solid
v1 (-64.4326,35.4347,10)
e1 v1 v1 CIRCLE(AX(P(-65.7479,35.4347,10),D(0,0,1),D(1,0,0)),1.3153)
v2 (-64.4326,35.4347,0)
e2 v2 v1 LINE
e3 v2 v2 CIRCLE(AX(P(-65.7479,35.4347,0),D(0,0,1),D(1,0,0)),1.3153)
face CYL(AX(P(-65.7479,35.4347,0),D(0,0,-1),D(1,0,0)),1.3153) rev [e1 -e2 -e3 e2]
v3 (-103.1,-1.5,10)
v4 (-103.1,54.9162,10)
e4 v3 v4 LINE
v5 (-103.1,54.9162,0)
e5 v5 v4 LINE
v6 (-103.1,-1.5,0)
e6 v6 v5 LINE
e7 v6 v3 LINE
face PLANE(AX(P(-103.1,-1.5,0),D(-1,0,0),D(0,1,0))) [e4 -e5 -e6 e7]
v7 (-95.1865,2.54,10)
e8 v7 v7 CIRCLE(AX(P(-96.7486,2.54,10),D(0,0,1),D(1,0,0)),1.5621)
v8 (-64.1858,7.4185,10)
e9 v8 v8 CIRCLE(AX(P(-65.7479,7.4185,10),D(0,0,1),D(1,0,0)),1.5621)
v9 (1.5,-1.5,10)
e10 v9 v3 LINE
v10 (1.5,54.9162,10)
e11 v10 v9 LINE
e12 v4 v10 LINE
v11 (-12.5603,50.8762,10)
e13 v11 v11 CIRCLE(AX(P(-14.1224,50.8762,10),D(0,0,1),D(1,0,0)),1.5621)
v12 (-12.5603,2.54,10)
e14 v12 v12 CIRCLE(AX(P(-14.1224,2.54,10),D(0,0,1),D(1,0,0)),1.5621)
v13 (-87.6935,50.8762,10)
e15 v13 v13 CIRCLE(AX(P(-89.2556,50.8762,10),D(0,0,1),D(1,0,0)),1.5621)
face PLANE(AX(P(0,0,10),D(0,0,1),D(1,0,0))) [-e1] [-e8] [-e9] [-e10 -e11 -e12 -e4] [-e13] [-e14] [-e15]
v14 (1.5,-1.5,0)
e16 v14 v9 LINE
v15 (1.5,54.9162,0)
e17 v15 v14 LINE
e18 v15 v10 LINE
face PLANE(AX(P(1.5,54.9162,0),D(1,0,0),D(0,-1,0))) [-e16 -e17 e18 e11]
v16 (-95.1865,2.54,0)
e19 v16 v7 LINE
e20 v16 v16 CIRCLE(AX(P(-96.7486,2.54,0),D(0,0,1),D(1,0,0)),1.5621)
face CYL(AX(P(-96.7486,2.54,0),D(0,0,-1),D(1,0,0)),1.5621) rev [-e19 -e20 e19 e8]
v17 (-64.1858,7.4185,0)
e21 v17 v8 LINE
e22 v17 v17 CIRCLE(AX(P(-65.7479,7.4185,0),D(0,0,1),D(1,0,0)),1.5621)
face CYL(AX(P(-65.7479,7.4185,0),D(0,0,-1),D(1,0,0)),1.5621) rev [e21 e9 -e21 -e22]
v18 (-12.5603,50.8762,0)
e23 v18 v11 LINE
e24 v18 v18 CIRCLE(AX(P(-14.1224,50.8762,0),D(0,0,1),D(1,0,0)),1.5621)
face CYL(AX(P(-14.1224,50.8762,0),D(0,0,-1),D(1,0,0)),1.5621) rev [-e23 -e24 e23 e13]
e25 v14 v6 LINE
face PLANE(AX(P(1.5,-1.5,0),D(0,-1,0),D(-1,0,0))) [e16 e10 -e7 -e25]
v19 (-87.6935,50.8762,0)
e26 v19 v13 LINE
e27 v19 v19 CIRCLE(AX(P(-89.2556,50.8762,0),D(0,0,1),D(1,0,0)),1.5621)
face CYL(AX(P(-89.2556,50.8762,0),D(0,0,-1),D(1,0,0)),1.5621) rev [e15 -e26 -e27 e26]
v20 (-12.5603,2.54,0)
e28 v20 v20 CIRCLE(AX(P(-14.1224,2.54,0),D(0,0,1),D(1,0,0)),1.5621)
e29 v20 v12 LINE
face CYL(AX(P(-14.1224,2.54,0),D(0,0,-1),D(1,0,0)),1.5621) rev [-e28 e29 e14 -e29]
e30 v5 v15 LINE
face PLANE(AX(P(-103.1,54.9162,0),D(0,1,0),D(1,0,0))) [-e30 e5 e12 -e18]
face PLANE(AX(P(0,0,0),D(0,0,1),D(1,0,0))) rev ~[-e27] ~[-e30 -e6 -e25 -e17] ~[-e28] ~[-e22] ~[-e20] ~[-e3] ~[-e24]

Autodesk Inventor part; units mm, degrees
ref_plane "YZ Plane" through (0, 0, 0) normal (1, 0, 0) x (0, 1, 0)
ref_plane "XZ Plane" through (0, 0, 0) normal (0, 1, 0) x (-1, 0, 0)
ref_plane "XY Plane" through (0, 0, 0) normal (0, 0, 1) x (1, 0, 0)
ref_plane "작업 평면1" through (0, 0, 0) normal (0, 0, 1) x (1, 0, 0)
sketch "스케치1" plane through (0, 0, 0) normal (0, 0, 1) x (1, 0, 0)
  line L0 (-103.1, 54.9162) -> (1.5, 54.9162)
  line L1 (1.5, 54.9162) -> (1.5, -1.5)
  line L2 (1.5, -1.5) -> (-103.1, -1.5)
  line L3 (-103.1, -1.5) -> (-103.1, 54.9162)
  line L4 (0, 1.524) -> (0, 51.8922) projected
  line L5 (-99.06, 40.7162) -> (-101.6, 38.1762) projected
  line L6 (-101.6, 38.1762) -> (-101.6, 3.556) projected
  line L7 (-101.6, 3.556) -> (-98.044, 0) projected
  line L8 (-98.044, 0) -> (-1.524, 0) projected
  line L9 (-1.524, 0) -> (0, 1.524) projected
  line L10 (0, 1.524) -> (0, 51.8922) projected
  line L11 (0, 51.8922) -> (-1.524, 53.4162) projected
  line L12 (-1.524, 53.4162) -> (-97.2966, 53.4162) projected
  line L13 (-97.2966, 53.4162) -> (-99.06, 51.6528) projected
  line L14 (-99.06, 51.6528) -> (-99.06, 40.7162) projected
  circle A0 centre (-89.2556, 50.8762) radius 1.5621 projected
  circle A1 centre (-65.7479, 35.4347) radius 1.3153 projected
  circle A2 centre (-65.7479, 7.4185) radius 1.5621 projected
  circle A3 centre (-96.7486, 2.54) radius 1.5621 projected
  circle A4 centre (-14.1224, 2.54) radius 1.5621 projected
  circle A5 centre (-14.1224, 50.8762) radius 1.5621 projected
  line L15 (-91.7703, 3.1886) -> (-92.8414, 3.1886) projected
  line L16 (-91.7703, 1.1751) -> (-91.7703, 3.1886) projected
  line L17 (-92.8414, 1.1751) -> (-91.7703, 1.1751) projected
  line L18 (-92.8414, 3.1886) -> (-92.8414, 1.1751) projected
  line L19 (-86.6903, 1.1751) -> (-86.6903, 3.1886) projected
  line L20 (-87.7614, 1.1751) -> (-86.6903, 1.1751) projected
  line L21 (-87.7614, 3.1886) -> (-87.7614, 1.1751) projected
  line L22 (-86.6903, 3.1886) -> (-87.7614, 3.1886) projected
  line L23 (-81.6103, 1.1751) -> (-81.6103, 3.1886) projected
  line L24 (-82.6814, 1.1751) -> (-81.6103, 1.1751) projected
  line L25 (-82.6814, 3.1886) -> (-82.6814, 1.1751) projected
  line L26 (-81.6103, 3.1886) -> (-82.6814, 3.1886) projected
  line L27 (-76.5303, 1.1751) -> (-76.5303, 3.1886) projected
  line L28 (-77.6014, 1.1751) -> (-76.5303, 1.1751) projected
  line L29 (-77.6014, 3.1886) -> (-77.6014, 1.1751) projected
  line L30 (-76.5303, 3.1886) -> (-77.6014, 3.1886) projected
  line L31 (-68.6825, 3.4297) -> (-69.7244, 3.4297) projected
  line L32 (-68.6825, 1.346) -> (-68.6825, 3.4297) projected
  line L33 (-69.7244, 1.346) -> (-68.6825, 1.346) projected
  line L34 (-69.7244, 3.4297) -> (-69.7244, 1.346) projected
  line L35 (-63.6025, 1.346) -> (-63.6025, 3.4297) projected
  line L36 (-64.6444, 1.346) -> (-63.6025, 1.346) projected
  line L37 (-64.6444, 3.4297) -> (-64.6444, 1.346) projected
  line L38 (-63.6025, 3.4297) -> (-64.6444, 3.4297) projected
  line L39 (-58.5225, 1.346) -> (-58.5225, 3.4297) projected
  line L40 (-59.5644, 1.346) -> (-58.5225, 1.346) projected
  line L41 (-59.5644, 3.4297) -> (-59.5644, 1.346) projected
  line L42 (-58.5225, 3.4297) -> (-59.5644, 3.4297) projected
  line L43 (-53.4425, 1.346) -> (-53.4425, 3.4297) projected
  line L44 (-54.4844, 1.346) -> (-53.4425, 1.346) projected
  line L45 (-54.4844, 3.4297) -> (-54.4844, 1.346) projected
  line L46 (-53.4425, 3.4297) -> (-54.4844, 3.4297) projected
  line L47 (-45.4737, 3.6867) -> (-46.5774, 3.6867) projected
  line L48 (-45.4737, 1.6118) -> (-45.4737, 3.6867) projected
  line L49 (-46.5774, 1.6118) -> (-45.4737, 1.6118) projected
  line L50 (-46.5774, 3.6867) -> (-46.5774, 1.6118) projected
  line L51 (-40.3937, 1.6118) -> (-40.3937, 3.6867) projected
  line L52 (-41.4974, 1.6118) -> (-40.3937, 1.6118) projected
  line L53 (-41.4974, 3.6867) -> (-41.4974, 1.6118) projected
  line L54 (-40.3937, 3.6867) -> (-41.4974, 3.6867) projected
  line L55 (-35.3137, 1.6118) -> (-35.3137, 3.6867) projected
  line L56 (-36.4174, 1.6118) -> (-35.3137, 1.6118) projected
  line L57 (-36.4174, 3.6867) -> (-36.4174, 1.6118) projected
  line L58 (-35.3137, 3.6867) -> (-36.4174, 3.6867) projected
  circle A6 centre (-97.5648, 7.2848) radius 0.5739 projected
  circle A7 centre (-95.0248, 7.2848) radius 0.5739 projected
  circle A8 centre (-95.0248, 9.8248) radius 0.5739 projected
  circle A9 centre (-95.0248, 12.3648) radius 0.5739 projected
  circle A10 centre (-95.0248, 14.9048) radius 0.5739 projected
  circle A11 centre (-95.0248, 17.4448) radius 0.5739 projected
  circle A12 centre (-95.0248, 19.9848) radius 0.5739 projected
  circle A13 centre (-95.0248, 22.5248) radius 0.5739 projected
  circle A14 centre (-95.0248, 25.0648) radius 0.5739 projected
  circle A15 centre (-95.0248, 27.6048) radius 0.5739 projected
  circle A16 centre (-95.0248, 30.1448) radius 0.5739 projected
  circle A17 centre (-95.0248, 32.6848) radius 0.5739 projected
  circle A18 centre (-95.0248, 35.2248) radius 0.5739 projected
  circle A19 centre (-95.0248, 37.7648) radius 0.5739 projected
  circle A20 centre (-95.0248, 40.3048) radius 0.5739 projected
  circle A21 centre (-95.0248, 42.8448) radius 0.5739 projected
  circle A22 centre (-95.0248, 45.3848) radius 0.5739 projected
  circle A23 centre (-95.0248, 47.9248) radius 0.5739 projected
  circle A24 centre (-95.0248, 50.4648) radius 0.5739 projected
  line L59 (-81.8933, 50.0717) -> (-81.8933, 51.6679) projected
  line L60 (-82.3984, 50.0717) -> (-81.8933, 50.0717) projected
  line L61 (-82.3984, 51.6679) -> (-82.3984, 50.0717) projected
  line L62 (-81.8933, 51.6679) -> (-82.3984, 51.6679) projected
  line L63 (-76.8133, 50.0717) -> (-76.8133, 51.6679) projected
  line L64 (-77.3184, 50.0717) -> (-76.8133, 50.0717) projected
  line L65 (-77.3184, 51.6679) -> (-77.3184, 50.0717) projected
  line L66 (-76.8133, 51.6679) -> (-77.3184, 51.6679) projected
  line L67 (-71.7333, 50.0717) -> (-71.7333, 51.6679) projected
  line L68 (-72.2384, 50.0717) -> (-71.7333, 50.0717) projected
  line L69 (-72.2384, 51.6679) -> (-72.2384, 50.0717) projected
  line L70 (-71.7333, 51.6679) -> (-72.2384, 51.6679) projected
  line L71 (-63.4227, 51.9137) -> (-64.2563, 51.9137) projected
  line L72 (-63.4227, 50.0717) -> (-63.4227, 51.9137) projected
  line L73 (-64.2563, 50.0717) -> (-63.4227, 50.0717) projected
  line L74 (-64.2563, 51.9137) -> (-64.2563, 50.0717) projected
  line L75 (-58.3427, 50.0717) -> (-58.3427, 51.9137) projected
  line L76 (-59.1763, 50.0717) -> (-58.3427, 50.0717) projected
  line L77 (-59.1763, 51.9137) -> (-59.1763, 50.0717) projected
  line L78 (-58.3427, 51.9137) -> (-59.1763, 51.9137) projected
  line L79 (-53.2627, 50.0717) -> (-53.2627, 51.9137) projected
  line L80 (-54.0963, 50.0717) -> (-53.2627, 50.0717) projected
  line L81 (-54.0963, 51.9137) -> (-54.0963, 50.0717) projected
  line L82 (-53.2627, 51.9137) -> (-54.0963, 51.9137) projected
  line L83 (-48.1827, 50.0717) -> (-48.1827, 51.9137) projected
  line L84 (-49.0163, 50.0717) -> (-48.1827, 50.0717) projected
  line L85 (-49.0163, 51.9137) -> (-49.0163, 50.0717) projected
  line L86 (-48.1827, 51.9137) -> (-49.0163, 51.9137) projected
  line L87 (-41.4974, 51.9137) -> (-42.4723, 51.9137) projected
  line L88 (-41.4974, 50.0717) -> (-41.4974, 51.9137) projected
  line L89 (-42.4723, 50.0717) -> (-41.4974, 50.0717) projected
  line L90 (-42.4723, 51.9137) -> (-42.4723, 50.0717) projected
  line L91 (-36.4174, 50.0717) -> (-36.4174, 51.9137) projected
  line L92 (-37.3923, 50.0717) -> (-36.4174, 50.0717) projected
  line L93 (-37.3923, 51.9137) -> (-37.3923, 50.0717) projected
  line L94 (-36.4174, 51.9137) -> (-37.3923, 51.9137) projected
  line L95 (-31.3374, 50.0717) -> (-31.3374, 51.9137) projected
  line L96 (-32.3123, 50.0717) -> (-31.3374, 50.0717) projected
  line L97 (-32.3123, 51.9137) -> (-32.3123, 50.0717) projected
  line L98 (-31.3374, 51.9137) -> (-32.3123, 51.9137) projected
  line L99 (-26.2574, 50.0717) -> (-26.2574, 51.9137) projected
  line L100 (-27.2323, 50.0717) -> (-26.2574, 50.0717) projected
  line L101 (-27.2323, 51.9137) -> (-27.2323, 50.0717) projected
  line L102 (-26.2574, 51.9137) -> (-27.2323, 51.9137) projected
  circle A25 centre (-20.5945, 47.6784) radius 0.5437 projected
  circle A26 centre (-18.0545, 47.6784) radius 0.5437 projected
  circle A27 centre (-20.5945, 45.1384) radius 0.5437 projected
  circle A28 centre (-15.5145, 45.1384) radius 0.5437 projected
  circle A29 centre (-5.7466, 39.5769) radius 0.4144 projected
  circle A30 centre (-5.7466, 37.0369) radius 0.4144 projected
  line L103 (-7.393, 4.043) -> (-10.0091, 4.043) projected
  line L104 (-7.393, 3.3305) -> (-7.393, 4.043) projected
  line L105 (-10.0091, 3.3305) -> (-7.393, 3.3305) projected
  line L106 (-10.0091, 4.043) -> (-10.0091, 3.3305) projected
  line L107 (-2.4767, 32.5537) -> (-4.2776, 32.5537) projected
  line L108 (-2.4767, 31.6979) -> (-2.4767, 32.5537) projected
  line L109 (-4.2776, 31.6979) -> (-2.4767, 31.6979) projected
  line L110 (-4.2776, 32.5537) -> (-4.2776, 31.6979) projected
  line L111 (-2.249, 44.6927) -> (-4.5054, 44.6927) projected
  line L112 (-2.249, 43.8153) -> (-2.249, 44.6927) projected
  line L113 (-4.5054, 43.8153) -> (-2.249, 43.8153) projected
  line L114 (-4.5054, 44.6927) -> (-4.5054, 43.8153) projected
  line L115 (-5.2737, 10.2292) -> (-5.7128, 10.2292) projected
  line L116 (-5.2737, 7.3652) -> (-5.2737, 10.2292) projected
  line L117 (-5.7128, 7.3652) -> (-5.2737, 7.3652) projected
  line L118 (-5.7128, 10.2292) -> (-5.7128, 7.3652) projected
  circle A31 centre (-8.2866, 37.0369) radius 0.4144 projected
  line L119 (-11.4599, 10.2292) -> (-12.1472, 10.2292) projected
  line L120 (-11.4599, 7.3652) -> (-11.4599, 10.2292) projected
  line L121 (-12.1472, 7.3652) -> (-11.4599, 7.3652) projected
  line L122 (-12.1472, 10.2292) -> (-12.1472, 7.3652) projected
  circle A32 centre (-18.0545, 45.1384) radius 0.5437 projected
  circle A33 centre (-15.5145, 47.6784) radius 0.5437 projected
  circle A34 centre (-8.2866, 39.5769) radius 0.4144 projected
  line L123 (-23.7174, 50.0717) -> (-23.7174, 51.9137) projected
  line L124 (-24.6923, 50.0717) -> (-23.7174, 50.0717) projected
  line L125 (-24.6923, 51.9137) -> (-24.6923, 50.0717) projected
  line L126 (-23.7174, 51.9137) -> (-24.6923, 51.9137) projected
  line L127 (-28.7974, 50.0717) -> (-28.7974, 51.9137) projected
  line L128 (-29.7723, 50.0717) -> (-28.7974, 50.0717) projected
  line L129 (-29.7723, 51.9137) -> (-29.7723, 50.0717) projected
  line L130 (-28.7974, 51.9137) -> (-29.7723, 51.9137) projected
  line L131 (-33.8774, 50.0717) -> (-33.8774, 51.9137) projected
  line L132 (-34.8523, 50.0717) -> (-33.8774, 50.0717) projected
  line L133 (-34.8523, 51.9137) -> (-34.8523, 50.0717) projected
  line L134 (-33.8774, 51.9137) -> (-34.8523, 51.9137) projected
  line L135 (-38.9574, 50.0717) -> (-38.9574, 51.9137) projected
  line L136 (-39.9323, 50.0717) -> (-38.9574, 50.0717) projected
  line L137 (-39.9323, 51.9137) -> (-39.9323, 50.0717) projected
  line L138 (-38.9574, 51.9137) -> (-39.9323, 51.9137) projected
  line L139 (-45.6427, 50.0717) -> (-45.6427, 51.9137) projected
  line L140 (-46.4763, 50.0717) -> (-45.6427, 50.0717) projected
  line L141 (-46.4763, 51.9137) -> (-46.4763, 50.0717) projected
  line L142 (-45.6427, 51.9137) -> (-46.4763, 51.9137) projected
  line L143 (-50.7227, 50.0717) -> (-50.7227, 51.9137) projected
  line L144 (-51.5563, 50.0717) -> (-50.7227, 50.0717) projected
  line L145 (-51.5563, 51.9137) -> (-51.5563, 50.0717) projected
  line L146 (-50.7227, 51.9137) -> (-51.5563, 51.9137) projected
  line L147 (-55.8027, 50.0717) -> (-55.8027, 51.9137) projected
  line L148 (-56.6363, 50.0717) -> (-55.8027, 50.0717) projected
  line L149 (-56.6363, 51.9137) -> (-56.6363, 50.0717) projected
  line L150 (-55.8027, 51.9137) -> (-56.6363, 51.9137) projected
  line L151 (-60.8827, 50.0717) -> (-60.8827, 51.9137) projected
  line L152 (-61.7163, 50.0717) -> (-60.8827, 50.0717) projected
  line L153 (-61.7163, 51.9137) -> (-61.7163, 50.0717) projected
  line L154 (-60.8827, 51.9137) -> (-61.7163, 51.9137) projected
  line L155 (-69.1933, 50.0717) -> (-69.1933, 51.6679) projected
  line L156 (-69.6984, 50.0717) -> (-69.1933, 50.0717) projected
  line L157 (-69.6984, 51.6679) -> (-69.6984, 50.0717) projected
  line L158 (-69.1933, 51.6679) -> (-69.6984, 51.6679) projected
  line L159 (-74.2733, 50.0717) -> (-74.2733, 51.6679) projected
  line L160 (-74.7784, 50.0717) -> (-74.2733, 50.0717) projected
  line L161 (-74.7784, 51.6679) -> (-74.7784, 50.0717) projected
  line L162 (-74.2733, 51.6679) -> (-74.7784, 51.6679) projected
  line L163 (-79.3533, 50.0717) -> (-79.3533, 51.6679) projected
  line L164 (-79.8584, 50.0717) -> (-79.3533, 50.0717) projected
  line L165 (-79.8584, 51.6679) -> (-79.8584, 50.0717) projected
  line L166 (-79.3533, 51.6679) -> (-79.8584, 51.6679) projected
  line L167 (-84.4333, 50.0717) -> (-84.4333, 51.6679) projected
  line L168 (-84.9384, 50.0717) -> (-84.4333, 50.0717) projected
  line L169 (-84.9384, 51.6679) -> (-84.9384, 50.0717) projected
  line L170 (-84.4333, 51.6679) -> (-84.9384, 51.6679) projected
  circle A35 centre (-97.5648, 50.4648) radius 0.5739 projected
  circle A36 centre (-97.5648, 47.9248) radius 0.5739 projected
  circle A37 centre (-97.5648, 45.3848) radius 0.5739 projected
  circle A38 centre (-97.5648, 42.8448) radius 0.5739 projected
  circle A39 centre (-97.5648, 40.3048) radius 0.5739 projected
  circle A40 centre (-97.5648, 37.7648) radius 0.5739 projected
  circle A41 centre (-97.5648, 35.2248) radius 0.5739 projected
  circle A42 centre (-97.5648, 32.6848) radius 0.5739 projected
  circle A43 centre (-97.5648, 30.1448) radius 0.5739 projected
  circle A44 centre (-97.5648, 27.6048) radius 0.5739 projected
  circle A45 centre (-97.5648, 25.0648) radius 0.5739 projected
  circle A46 centre (-97.5648, 22.5248) radius 0.5739 projected
  circle A47 centre (-97.5648, 19.9848) radius 0.5739 projected
  circle A48 centre (-97.5648, 17.4448) radius 0.5739 projected
  circle A49 centre (-97.5648, 14.9048) radius 0.5739 projected
  circle A50 centre (-97.5648, 12.3648) radius 0.5739 projected
  circle A51 centre (-97.5648, 9.8248) radius 0.5739 projected
  line L171 (-86.9733, 51.6679) -> (-87.4784, 51.6679) projected
  line L172 (-86.9733, 50.0717) -> (-86.9733, 51.6679) projected
  line L173 (-87.4784, 50.0717) -> (-86.9733, 50.0717) projected
  line L174 (-87.4784, 51.6679) -> (-87.4784, 50.0717) projected
  line L175 (-32.7737, 1.6118) -> (-32.7737, 3.6867) projected
  line L176 (-33.8774, 1.6118) -> (-32.7737, 1.6118) projected
  line L177 (-33.8774, 3.6867) -> (-33.8774, 1.6118) projected
  line L178 (-32.7737, 3.6867) -> (-33.8774, 3.6867) projected
  line L179 (-37.8537, 1.6118) -> (-37.8537, 3.6867) projected
  line L180 (-38.9574, 1.6118) -> (-37.8537, 1.6118) projected
  line L181 (-38.9574, 3.6867) -> (-38.9574, 1.6118) projected
  line L182 (-37.8537, 3.6867) -> (-38.9574, 3.6867) projected
  line L183 (-42.9337, 1.6118) -> (-42.9337, 3.6867) projected
  line L184 (-44.0374, 1.6118) -> (-42.9337, 1.6118) projected
  line L185 (-44.0374, 3.6867) -> (-44.0374, 1.6118) projected
  line L186 (-42.9337, 3.6867) -> (-44.0374, 3.6867) projected
  line L187 (-50.9025, 1.346) -> (-50.9025, 3.4297) projected
  line L188 (-51.9444, 1.346) -> (-50.9025, 1.346) projected
  line L189 (-51.9444, 3.4297) -> (-51.9444, 1.346) projected
  line L190 (-50.9025, 3.4297) -> (-51.9444, 3.4297) projected
  line L191 (-55.9825, 1.346) -> (-55.9825, 3.4297) projected
  line L192 (-57.0244, 1.346) -> (-55.9825, 1.346) projected
  line L193 (-57.0244, 3.4297) -> (-57.0244, 1.346) projected
  line L194 (-55.9825, 3.4297) -> (-57.0244, 3.4297) projected
  line L195 (-61.0625, 1.346) -> (-61.0625, 3.4297) projected
  line L196 (-62.1044, 1.346) -> (-61.0625, 1.346) projected
  line L197 (-62.1044, 3.4297) -> (-62.1044, 1.346) projected
  line L198 (-61.0625, 3.4297) -> (-62.1044, 3.4297) projected
  line L199 (-66.1425, 1.346) -> (-66.1425, 3.4297) projected
  line L200 (-67.1844, 1.346) -> (-66.1425, 1.346) projected
  line L201 (-67.1844, 3.4297) -> (-67.1844, 1.346) projected
  line L202 (-66.1425, 3.4297) -> (-67.1844, 3.4297) projected
  line L203 (-73.9903, 1.1751) -> (-73.9903, 3.1886) projected
  line L204 (-75.0614, 1.1751) -> (-73.9903, 1.1751) projected
  line L205 (-75.0614, 3.1886) -> (-75.0614, 1.1751) projected
  line L206 (-73.9903, 3.1886) -> (-75.0614, 3.1886) projected
  line L207 (-79.0703, 1.1751) -> (-79.0703, 3.1886) projected
  line L208 (-80.1414, 1.1751) -> (-79.0703, 1.1751) projected
  line L209 (-80.1414, 3.1886) -> (-80.1414, 1.1751) projected
  line L210 (-79.0703, 3.1886) -> (-80.1414, 3.1886) projected
  line L211 (-84.1503, 1.1751) -> (-84.1503, 3.1886) projected
  line L212 (-85.2214, 1.1751) -> (-84.1503, 1.1751) projected
  line L213 (-85.2214, 3.1886) -> (-85.2214, 1.1751) projected
  line L214 (-84.1503, 3.1886) -> (-85.2214, 3.1886) projected
  line L215 (-89.2303, 1.1751) -> (-89.2303, 3.1886) projected
  line L216 (-90.3014, 1.1751) -> (-89.2303, 1.1751) projected
  line L217 (-90.3014, 3.1886) -> (-90.3014, 1.1751) projected
  line L218 (-89.2303, 3.1886) -> (-90.3014, 3.1886) projected
  point P0 (0, 0)
  dimension "d0" = 1.5
  dimension "d1" = 1.5
  dimension "d2" = 1.5
  dimension "d3" = 1.5
extrude "돌출1" add sketch "스케치1" along normal blind 10 contours L0 L1 L2 L3 | L9 L8 L7 L6 L5 L14 L13 L12 L11 L4 | L16 L17 L18 L15 | L20 L21 L22 L19 | L24 L25 L26 L23 | L28 L29 L30 L27 | L32 L33 L34 L31 | L36 L37 L38 L35 | L40 L41 L42 L39 | L44 L45 L46 L43 | L48 L49 L50 L47 | L52 L53 L54 L51 | L56 L57 L58 L55 | A6 | A7 | A8 | A9 | A10 | A11 | A12 | A13 | A14 | A15 | A16 | A17 | A18 | A19 | A20 | A21 | A22 | A23 | A24 | L60 L61 L62 L59 | L64 L65 L66 L63 | L68 L69 L70 L67 | L72 L73 L74 L71 | L76 L77 L78 L75 | L80 L81 L82 L79 | L84 L85 L86 L83 | L88 L89 L90 L87 | L92 L93 L94 L91 | L96 L97 L98 L95 | L100 L101 L102 L99 | A25 | A26 | A27 | A28 | A29 | A30 | L104 L105 L106 L103 | L108 L109 L110 L107 | L112 L113 L114 L111 | L116 L117 L118 L115 | A31 | L120 L121 L122 L119 | A32 | A33 | A34 | L124 L125 L126 L123 | L128 L129 L130 L127 | L132 L133 L134 L131 | L136 L137 L138 L135 | L140 L141 L142 L139 | L144 L145 L146 L143 | L148 L149 L150 L147 | L152 L153 L154 L151 | L156 L157 L158 L155 | L160 L161 L162 L159 | L164 L165 L166 L163 | L168 L169 L170 L167 | A35 | A36 | A37 | A38 | A39 | A40 | A41 | A42 | A43 | A44 | A45 | A46 | A47 | A48 | A49 | A50 | A51 | L172 L173 L174 L171 | L176 L177 L178 L175 | L180 L181 L182 L179 | L184 L185 L186 L183 | L188 L189 L190 L187 | L192 L193 L194 L191 | L196 L197 L198 L195 | L200 L201 L202 L199 | L204 L205 L206 L203 | L208 L209 L210 L207 | L212 L213 L214 L211 | L216 L217 L218 L215
properties part number "mega_base"
